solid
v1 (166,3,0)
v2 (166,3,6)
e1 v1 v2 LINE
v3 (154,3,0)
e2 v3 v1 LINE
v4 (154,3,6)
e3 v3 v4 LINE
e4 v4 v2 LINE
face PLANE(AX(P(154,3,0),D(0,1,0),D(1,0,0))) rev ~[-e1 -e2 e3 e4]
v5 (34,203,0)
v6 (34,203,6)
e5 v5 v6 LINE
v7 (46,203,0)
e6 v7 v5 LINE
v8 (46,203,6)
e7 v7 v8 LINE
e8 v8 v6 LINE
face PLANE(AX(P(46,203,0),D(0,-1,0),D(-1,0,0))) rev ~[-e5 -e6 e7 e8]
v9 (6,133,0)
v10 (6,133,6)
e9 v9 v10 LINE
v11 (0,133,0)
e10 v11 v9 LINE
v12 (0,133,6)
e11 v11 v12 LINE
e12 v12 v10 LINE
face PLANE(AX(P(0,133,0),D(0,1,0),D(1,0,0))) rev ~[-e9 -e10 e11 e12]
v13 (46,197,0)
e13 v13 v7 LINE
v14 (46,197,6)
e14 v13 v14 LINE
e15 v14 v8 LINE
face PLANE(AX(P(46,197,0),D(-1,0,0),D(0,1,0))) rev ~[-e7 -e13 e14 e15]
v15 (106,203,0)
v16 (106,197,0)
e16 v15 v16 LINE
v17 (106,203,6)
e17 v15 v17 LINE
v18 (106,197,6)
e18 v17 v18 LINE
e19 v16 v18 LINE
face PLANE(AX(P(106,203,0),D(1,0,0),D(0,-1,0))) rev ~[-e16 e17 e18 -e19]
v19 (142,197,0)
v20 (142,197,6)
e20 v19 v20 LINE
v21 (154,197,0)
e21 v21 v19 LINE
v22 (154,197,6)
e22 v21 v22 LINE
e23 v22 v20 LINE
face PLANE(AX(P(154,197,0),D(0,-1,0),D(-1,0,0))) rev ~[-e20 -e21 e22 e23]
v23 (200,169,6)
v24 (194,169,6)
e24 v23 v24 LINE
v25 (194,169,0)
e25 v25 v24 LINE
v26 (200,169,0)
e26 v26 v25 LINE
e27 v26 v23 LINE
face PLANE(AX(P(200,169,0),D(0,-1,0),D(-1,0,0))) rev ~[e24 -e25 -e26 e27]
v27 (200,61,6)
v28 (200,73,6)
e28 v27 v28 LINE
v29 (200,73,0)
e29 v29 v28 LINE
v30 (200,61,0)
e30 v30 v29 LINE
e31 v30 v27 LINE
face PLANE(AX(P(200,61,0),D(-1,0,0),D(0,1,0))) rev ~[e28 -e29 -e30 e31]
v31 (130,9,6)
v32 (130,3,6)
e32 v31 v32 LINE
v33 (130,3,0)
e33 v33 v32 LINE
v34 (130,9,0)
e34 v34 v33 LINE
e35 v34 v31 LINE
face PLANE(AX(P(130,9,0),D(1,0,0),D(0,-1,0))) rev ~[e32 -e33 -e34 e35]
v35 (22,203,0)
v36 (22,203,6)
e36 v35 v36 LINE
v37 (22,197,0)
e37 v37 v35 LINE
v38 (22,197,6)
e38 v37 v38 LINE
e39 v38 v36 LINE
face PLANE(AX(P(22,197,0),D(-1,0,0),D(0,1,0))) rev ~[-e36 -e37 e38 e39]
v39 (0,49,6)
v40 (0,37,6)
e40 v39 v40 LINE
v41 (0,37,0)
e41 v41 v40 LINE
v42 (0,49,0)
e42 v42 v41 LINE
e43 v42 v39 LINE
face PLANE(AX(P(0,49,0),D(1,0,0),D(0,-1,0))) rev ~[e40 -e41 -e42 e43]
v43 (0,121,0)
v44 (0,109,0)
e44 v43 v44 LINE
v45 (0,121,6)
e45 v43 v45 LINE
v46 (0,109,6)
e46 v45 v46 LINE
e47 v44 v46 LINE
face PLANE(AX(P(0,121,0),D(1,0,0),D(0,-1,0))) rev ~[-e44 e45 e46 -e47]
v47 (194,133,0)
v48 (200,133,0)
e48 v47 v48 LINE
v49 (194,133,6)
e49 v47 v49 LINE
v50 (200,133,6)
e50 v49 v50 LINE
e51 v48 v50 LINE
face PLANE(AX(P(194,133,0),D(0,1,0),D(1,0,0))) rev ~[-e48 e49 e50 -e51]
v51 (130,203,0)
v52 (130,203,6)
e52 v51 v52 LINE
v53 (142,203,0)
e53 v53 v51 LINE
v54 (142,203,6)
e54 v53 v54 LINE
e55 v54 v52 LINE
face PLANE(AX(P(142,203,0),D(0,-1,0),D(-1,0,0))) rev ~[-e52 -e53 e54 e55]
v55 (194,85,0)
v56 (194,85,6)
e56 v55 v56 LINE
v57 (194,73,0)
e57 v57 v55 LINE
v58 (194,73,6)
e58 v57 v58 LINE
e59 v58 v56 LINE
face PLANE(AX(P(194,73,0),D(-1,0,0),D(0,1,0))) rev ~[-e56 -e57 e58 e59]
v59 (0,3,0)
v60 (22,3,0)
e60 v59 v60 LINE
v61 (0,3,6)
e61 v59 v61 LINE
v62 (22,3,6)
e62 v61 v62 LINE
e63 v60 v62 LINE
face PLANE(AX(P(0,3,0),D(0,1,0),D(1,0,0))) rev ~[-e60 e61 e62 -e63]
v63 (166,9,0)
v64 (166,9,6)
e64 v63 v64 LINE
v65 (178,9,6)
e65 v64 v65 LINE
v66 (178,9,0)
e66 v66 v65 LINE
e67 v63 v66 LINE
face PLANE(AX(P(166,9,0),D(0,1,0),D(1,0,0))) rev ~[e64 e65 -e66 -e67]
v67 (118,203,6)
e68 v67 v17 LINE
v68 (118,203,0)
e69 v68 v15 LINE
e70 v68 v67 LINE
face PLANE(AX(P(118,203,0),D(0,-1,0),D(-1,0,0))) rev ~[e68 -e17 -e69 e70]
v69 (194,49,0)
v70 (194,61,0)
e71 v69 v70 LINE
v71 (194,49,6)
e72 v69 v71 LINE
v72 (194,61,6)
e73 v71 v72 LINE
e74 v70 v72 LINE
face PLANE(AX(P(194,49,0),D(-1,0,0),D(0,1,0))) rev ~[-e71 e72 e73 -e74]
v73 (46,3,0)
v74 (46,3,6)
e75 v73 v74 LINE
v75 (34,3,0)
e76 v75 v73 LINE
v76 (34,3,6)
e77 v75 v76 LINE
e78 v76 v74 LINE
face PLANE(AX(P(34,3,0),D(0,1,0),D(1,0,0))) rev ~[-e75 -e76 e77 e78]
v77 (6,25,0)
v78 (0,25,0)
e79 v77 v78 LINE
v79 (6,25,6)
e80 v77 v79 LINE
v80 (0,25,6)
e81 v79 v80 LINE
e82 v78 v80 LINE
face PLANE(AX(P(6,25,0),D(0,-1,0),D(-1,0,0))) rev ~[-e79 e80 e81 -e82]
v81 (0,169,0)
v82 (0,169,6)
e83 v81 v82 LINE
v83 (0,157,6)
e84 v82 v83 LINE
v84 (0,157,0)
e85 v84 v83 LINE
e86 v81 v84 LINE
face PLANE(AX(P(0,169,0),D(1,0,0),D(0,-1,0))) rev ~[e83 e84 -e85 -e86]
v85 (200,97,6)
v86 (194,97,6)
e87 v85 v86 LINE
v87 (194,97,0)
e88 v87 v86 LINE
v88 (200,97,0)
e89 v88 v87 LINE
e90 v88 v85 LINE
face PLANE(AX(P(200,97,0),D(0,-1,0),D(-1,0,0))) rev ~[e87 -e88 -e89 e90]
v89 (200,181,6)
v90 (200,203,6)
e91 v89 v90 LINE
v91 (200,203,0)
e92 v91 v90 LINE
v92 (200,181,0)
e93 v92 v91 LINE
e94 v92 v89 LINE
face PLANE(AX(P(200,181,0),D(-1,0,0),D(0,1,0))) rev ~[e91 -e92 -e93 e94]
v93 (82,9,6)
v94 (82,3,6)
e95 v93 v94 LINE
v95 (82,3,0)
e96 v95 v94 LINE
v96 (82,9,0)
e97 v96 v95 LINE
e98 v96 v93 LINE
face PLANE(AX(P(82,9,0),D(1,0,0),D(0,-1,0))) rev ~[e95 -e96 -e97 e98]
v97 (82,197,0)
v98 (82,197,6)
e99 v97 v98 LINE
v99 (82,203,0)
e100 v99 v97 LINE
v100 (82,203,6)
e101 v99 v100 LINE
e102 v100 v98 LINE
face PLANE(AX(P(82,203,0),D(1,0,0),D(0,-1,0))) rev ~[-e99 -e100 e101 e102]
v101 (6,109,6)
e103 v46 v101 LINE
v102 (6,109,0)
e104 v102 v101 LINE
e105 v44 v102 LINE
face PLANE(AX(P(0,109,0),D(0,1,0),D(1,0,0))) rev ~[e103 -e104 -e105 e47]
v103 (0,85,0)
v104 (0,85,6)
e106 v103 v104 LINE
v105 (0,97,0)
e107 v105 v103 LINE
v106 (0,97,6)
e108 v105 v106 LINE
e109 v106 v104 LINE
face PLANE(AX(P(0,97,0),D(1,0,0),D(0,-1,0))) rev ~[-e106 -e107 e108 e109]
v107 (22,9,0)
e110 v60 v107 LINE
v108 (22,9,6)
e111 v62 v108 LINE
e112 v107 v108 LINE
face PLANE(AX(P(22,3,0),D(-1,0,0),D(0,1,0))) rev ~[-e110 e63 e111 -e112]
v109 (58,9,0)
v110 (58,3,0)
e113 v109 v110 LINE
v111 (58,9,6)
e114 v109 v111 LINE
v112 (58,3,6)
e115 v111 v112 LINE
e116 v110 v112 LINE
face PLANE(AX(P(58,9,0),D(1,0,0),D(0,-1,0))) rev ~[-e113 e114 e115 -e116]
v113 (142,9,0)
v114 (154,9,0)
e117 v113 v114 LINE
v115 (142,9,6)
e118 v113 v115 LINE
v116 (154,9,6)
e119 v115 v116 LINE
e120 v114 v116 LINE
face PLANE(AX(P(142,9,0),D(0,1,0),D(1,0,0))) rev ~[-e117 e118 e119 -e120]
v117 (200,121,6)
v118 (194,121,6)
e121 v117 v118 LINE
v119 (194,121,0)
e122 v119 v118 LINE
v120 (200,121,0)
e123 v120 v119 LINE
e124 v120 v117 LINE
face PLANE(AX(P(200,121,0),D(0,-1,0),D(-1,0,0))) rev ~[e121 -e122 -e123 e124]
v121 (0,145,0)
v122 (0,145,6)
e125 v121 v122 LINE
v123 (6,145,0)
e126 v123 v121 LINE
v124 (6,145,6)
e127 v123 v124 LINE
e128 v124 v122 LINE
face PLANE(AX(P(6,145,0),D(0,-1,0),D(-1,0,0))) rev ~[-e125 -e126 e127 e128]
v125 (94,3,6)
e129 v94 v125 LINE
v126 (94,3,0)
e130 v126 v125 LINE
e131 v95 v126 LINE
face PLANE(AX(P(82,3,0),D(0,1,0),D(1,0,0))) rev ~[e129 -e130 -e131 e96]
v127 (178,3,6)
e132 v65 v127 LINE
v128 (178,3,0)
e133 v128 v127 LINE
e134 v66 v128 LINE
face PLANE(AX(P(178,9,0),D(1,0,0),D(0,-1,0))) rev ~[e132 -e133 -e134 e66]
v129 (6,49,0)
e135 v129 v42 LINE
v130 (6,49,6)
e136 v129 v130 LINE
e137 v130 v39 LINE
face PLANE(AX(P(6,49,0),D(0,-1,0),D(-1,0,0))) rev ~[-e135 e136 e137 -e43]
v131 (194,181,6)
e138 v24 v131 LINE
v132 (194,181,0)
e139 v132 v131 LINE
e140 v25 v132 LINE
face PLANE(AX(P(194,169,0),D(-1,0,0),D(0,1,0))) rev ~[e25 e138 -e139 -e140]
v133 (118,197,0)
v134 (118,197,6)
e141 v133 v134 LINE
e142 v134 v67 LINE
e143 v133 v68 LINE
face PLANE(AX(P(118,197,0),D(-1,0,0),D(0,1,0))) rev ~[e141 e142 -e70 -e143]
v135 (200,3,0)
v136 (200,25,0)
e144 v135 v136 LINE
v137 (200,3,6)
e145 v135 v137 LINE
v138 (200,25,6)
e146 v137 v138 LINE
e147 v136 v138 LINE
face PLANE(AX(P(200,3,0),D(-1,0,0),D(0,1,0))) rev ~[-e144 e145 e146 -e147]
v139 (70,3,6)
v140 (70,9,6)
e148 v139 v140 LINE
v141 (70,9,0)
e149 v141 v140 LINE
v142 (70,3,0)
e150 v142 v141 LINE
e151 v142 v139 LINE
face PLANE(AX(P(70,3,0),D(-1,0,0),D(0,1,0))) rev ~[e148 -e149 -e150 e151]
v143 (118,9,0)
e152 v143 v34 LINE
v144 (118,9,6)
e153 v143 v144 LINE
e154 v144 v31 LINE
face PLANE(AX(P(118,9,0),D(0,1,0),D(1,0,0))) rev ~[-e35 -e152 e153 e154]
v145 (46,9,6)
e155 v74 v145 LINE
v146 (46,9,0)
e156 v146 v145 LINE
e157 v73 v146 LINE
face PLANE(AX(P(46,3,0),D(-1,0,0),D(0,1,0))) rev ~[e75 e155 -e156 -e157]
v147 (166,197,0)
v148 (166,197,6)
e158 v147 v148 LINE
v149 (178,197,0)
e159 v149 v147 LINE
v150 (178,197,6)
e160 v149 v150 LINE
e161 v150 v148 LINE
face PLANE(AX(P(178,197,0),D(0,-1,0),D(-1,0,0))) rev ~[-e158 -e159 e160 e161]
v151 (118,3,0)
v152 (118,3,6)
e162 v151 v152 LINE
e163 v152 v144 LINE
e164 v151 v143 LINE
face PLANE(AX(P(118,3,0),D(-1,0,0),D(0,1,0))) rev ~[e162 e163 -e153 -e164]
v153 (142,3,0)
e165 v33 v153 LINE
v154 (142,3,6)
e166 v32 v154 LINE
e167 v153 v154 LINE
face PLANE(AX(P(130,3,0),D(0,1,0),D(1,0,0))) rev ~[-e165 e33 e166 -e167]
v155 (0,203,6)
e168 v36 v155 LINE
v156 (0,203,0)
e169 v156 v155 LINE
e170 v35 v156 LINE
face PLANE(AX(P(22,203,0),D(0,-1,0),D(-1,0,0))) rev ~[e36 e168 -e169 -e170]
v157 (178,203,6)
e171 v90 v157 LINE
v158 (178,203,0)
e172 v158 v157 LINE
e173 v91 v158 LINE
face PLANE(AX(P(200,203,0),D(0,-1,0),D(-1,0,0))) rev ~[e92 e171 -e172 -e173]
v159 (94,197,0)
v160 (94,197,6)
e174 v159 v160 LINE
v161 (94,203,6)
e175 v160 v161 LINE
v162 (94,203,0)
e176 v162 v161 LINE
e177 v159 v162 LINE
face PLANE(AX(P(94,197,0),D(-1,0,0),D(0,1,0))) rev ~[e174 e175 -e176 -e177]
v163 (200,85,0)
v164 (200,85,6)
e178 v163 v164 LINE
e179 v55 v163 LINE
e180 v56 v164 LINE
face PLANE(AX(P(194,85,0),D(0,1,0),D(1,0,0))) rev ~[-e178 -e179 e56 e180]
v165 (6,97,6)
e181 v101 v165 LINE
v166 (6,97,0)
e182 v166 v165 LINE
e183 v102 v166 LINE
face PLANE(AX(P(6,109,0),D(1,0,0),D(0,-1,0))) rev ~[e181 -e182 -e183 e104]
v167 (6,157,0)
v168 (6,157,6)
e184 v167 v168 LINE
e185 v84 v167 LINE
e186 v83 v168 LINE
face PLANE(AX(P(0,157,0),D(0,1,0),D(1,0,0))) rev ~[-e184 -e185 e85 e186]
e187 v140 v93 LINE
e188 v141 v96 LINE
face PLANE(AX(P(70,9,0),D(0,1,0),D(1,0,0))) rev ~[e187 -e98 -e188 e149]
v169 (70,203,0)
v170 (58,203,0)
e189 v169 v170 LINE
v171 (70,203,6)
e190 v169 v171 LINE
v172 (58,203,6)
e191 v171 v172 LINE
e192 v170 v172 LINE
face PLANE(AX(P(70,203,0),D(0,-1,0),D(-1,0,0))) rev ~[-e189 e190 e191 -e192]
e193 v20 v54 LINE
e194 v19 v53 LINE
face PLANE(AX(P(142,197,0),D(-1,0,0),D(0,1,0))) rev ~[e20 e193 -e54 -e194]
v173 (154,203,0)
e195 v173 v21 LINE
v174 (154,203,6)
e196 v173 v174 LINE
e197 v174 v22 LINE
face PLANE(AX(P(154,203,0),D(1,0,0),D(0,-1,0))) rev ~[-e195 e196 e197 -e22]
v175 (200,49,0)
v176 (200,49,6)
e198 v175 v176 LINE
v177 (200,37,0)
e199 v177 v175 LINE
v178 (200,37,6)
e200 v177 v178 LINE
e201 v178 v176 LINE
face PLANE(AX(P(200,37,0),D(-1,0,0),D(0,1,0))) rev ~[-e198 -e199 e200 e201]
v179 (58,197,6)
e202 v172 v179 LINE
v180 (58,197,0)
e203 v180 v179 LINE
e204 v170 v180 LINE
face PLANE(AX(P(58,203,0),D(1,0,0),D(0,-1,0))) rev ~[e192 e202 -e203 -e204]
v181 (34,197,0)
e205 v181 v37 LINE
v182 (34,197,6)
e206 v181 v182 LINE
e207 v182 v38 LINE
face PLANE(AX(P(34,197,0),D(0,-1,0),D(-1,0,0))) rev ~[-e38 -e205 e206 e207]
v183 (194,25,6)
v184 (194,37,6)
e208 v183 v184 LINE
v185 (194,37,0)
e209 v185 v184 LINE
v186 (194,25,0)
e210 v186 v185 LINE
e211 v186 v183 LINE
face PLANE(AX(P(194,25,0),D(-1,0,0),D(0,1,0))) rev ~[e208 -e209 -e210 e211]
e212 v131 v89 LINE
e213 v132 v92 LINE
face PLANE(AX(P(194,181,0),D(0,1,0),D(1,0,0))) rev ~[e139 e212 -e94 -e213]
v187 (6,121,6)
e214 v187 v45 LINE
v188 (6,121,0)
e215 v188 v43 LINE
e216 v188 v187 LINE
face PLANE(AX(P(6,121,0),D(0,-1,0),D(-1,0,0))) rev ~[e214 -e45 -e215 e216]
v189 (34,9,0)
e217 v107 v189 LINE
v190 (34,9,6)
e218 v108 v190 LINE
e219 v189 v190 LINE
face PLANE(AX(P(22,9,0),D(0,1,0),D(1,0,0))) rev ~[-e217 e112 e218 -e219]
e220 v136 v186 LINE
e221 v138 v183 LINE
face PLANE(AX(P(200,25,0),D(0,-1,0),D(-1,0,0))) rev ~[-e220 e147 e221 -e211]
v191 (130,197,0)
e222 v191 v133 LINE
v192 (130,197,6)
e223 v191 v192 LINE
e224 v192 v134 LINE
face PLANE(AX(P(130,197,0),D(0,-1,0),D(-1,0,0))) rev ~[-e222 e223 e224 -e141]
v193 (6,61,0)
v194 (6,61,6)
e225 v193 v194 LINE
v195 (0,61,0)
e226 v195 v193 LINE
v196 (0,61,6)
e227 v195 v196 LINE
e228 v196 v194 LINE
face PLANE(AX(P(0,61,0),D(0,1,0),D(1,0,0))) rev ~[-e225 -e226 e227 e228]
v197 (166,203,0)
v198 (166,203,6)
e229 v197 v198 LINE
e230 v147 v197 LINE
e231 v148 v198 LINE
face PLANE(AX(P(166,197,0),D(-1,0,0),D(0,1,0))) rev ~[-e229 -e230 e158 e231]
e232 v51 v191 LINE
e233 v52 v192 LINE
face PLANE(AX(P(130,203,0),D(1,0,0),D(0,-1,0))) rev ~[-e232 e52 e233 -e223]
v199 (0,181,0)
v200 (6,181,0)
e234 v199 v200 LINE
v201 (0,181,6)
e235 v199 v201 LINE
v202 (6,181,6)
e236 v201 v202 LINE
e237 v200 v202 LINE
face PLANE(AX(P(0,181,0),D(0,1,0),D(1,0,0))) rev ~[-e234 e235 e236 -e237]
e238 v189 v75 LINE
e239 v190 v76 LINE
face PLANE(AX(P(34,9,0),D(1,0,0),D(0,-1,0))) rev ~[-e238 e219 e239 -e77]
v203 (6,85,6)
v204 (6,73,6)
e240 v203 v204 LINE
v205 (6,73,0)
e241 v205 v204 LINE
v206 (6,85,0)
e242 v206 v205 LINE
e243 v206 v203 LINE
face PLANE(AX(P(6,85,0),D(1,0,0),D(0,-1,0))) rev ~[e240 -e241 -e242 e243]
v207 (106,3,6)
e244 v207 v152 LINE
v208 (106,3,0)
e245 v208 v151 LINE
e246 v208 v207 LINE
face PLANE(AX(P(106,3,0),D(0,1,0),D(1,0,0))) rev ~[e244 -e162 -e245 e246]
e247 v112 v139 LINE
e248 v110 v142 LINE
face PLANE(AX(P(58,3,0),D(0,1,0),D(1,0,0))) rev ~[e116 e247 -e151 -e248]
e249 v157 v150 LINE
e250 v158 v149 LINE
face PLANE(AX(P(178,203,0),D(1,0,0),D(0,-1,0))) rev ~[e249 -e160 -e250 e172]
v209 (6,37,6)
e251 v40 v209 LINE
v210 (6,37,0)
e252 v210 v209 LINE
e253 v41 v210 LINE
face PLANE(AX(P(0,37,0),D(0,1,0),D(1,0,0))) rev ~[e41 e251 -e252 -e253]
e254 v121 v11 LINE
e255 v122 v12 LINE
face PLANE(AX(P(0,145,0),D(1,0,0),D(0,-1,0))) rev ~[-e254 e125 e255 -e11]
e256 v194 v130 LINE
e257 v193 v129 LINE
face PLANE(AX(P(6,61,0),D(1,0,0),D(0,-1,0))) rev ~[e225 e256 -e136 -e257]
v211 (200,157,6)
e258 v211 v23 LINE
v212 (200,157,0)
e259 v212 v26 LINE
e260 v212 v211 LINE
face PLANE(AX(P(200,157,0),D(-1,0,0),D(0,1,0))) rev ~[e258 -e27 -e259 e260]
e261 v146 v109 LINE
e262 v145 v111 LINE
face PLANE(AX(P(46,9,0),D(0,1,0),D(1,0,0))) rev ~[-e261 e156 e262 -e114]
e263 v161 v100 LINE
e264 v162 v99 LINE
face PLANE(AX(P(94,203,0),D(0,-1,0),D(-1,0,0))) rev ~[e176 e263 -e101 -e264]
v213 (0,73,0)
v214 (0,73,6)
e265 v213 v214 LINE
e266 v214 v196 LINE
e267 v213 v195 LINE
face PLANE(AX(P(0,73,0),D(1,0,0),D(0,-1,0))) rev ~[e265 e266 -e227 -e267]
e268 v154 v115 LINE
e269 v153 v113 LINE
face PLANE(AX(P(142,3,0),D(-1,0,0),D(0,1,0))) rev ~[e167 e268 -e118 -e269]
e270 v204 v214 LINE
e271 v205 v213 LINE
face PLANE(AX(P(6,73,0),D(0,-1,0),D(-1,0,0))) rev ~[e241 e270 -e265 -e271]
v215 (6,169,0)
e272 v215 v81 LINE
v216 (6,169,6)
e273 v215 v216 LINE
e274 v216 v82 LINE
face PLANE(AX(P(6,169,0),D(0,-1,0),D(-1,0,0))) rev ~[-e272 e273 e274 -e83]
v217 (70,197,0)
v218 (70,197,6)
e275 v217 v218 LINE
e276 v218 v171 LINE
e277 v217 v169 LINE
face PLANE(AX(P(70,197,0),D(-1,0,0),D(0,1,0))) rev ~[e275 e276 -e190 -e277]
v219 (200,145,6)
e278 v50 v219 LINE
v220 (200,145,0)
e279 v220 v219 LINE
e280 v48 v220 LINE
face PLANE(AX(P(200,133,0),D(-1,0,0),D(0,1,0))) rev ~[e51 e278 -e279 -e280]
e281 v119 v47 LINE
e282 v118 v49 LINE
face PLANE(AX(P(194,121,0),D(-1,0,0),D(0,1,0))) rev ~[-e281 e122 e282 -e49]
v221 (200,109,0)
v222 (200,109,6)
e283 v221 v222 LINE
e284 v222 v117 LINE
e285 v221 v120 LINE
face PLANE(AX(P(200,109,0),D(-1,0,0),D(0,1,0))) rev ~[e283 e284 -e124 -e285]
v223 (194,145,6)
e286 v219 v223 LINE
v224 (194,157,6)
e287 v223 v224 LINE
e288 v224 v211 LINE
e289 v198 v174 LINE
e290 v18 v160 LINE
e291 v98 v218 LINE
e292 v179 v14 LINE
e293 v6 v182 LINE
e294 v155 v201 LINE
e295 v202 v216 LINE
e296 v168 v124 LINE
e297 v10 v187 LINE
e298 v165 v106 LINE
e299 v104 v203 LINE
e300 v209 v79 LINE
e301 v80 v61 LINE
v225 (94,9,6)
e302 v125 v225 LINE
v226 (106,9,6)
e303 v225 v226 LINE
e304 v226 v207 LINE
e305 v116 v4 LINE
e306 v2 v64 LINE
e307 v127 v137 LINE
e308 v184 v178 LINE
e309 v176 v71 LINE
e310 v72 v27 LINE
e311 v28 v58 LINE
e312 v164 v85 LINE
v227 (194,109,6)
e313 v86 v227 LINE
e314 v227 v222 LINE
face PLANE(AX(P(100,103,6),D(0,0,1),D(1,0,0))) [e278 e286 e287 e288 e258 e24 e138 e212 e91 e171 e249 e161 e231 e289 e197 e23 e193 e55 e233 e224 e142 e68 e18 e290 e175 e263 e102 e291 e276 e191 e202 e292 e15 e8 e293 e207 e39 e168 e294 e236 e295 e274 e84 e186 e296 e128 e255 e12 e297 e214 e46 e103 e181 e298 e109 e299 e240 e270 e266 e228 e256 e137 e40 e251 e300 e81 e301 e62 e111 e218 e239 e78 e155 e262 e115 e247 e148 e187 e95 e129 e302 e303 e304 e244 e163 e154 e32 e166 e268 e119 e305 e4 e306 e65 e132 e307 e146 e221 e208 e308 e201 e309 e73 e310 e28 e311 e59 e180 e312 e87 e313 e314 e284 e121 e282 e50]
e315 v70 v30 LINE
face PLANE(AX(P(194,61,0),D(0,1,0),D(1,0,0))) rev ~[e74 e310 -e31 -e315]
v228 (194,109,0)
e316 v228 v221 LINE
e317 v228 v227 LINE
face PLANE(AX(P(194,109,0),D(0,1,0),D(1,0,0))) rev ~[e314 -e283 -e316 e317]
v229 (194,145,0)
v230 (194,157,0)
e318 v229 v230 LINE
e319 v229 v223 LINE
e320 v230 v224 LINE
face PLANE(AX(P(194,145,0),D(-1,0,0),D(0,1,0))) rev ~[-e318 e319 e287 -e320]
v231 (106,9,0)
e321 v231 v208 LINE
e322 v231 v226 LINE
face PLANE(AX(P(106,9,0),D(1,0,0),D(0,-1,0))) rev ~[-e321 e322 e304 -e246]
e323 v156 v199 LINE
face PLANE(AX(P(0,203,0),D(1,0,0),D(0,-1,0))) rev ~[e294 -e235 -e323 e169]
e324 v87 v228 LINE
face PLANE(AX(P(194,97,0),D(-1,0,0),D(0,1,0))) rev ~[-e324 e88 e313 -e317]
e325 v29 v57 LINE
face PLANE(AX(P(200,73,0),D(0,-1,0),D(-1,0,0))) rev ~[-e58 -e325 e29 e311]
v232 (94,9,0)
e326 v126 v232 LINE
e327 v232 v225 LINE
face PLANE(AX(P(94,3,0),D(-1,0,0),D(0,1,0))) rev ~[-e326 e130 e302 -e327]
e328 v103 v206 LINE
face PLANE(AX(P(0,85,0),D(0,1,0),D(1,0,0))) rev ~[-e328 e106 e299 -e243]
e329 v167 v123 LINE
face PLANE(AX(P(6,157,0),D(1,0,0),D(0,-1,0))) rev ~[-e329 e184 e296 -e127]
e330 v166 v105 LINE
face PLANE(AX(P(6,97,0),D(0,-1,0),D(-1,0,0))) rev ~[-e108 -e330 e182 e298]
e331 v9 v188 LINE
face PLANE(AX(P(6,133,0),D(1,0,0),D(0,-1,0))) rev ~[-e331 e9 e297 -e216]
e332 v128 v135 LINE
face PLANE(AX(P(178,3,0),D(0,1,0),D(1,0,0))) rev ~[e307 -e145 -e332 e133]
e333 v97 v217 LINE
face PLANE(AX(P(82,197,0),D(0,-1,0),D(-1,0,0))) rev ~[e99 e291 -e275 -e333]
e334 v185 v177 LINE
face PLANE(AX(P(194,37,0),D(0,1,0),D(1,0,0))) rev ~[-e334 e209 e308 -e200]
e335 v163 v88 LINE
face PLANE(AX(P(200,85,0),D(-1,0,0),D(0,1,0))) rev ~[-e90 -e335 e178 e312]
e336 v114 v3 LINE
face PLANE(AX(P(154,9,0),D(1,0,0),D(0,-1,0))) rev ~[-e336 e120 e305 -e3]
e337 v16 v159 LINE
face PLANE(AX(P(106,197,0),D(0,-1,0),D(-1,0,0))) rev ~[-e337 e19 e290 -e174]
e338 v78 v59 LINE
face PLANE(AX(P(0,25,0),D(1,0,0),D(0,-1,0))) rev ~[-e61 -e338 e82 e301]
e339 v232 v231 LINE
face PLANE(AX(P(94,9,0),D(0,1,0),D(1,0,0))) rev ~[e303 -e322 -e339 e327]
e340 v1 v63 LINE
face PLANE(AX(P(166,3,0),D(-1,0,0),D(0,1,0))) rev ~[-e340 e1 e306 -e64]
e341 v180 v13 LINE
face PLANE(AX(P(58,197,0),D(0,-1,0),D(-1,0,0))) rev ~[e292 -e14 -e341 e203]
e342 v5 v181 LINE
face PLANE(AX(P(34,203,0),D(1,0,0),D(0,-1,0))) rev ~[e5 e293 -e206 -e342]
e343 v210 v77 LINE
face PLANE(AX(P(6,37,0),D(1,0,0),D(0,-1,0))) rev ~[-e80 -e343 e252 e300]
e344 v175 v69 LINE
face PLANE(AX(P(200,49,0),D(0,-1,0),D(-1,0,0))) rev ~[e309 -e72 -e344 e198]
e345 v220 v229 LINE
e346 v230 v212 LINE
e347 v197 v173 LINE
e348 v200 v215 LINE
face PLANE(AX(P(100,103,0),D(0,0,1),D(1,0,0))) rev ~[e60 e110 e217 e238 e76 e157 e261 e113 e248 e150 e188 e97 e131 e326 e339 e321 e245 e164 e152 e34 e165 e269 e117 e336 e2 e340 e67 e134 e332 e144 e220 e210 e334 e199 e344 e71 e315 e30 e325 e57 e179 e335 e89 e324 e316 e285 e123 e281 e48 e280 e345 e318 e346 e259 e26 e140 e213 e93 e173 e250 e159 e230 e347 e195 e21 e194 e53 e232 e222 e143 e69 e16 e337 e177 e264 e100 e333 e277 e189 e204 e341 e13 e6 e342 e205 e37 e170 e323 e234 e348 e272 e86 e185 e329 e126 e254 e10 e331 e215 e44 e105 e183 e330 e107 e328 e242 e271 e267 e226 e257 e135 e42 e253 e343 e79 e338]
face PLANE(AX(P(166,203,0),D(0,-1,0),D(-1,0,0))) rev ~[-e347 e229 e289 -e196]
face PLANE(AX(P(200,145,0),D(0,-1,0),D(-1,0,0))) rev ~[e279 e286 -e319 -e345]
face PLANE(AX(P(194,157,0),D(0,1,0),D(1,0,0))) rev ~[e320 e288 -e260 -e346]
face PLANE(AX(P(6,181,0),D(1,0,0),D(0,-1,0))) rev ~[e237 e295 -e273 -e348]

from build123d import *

# Parameters (mm, degrees)
BOSS_EXTRUDE1_DEPTH = 6


with BuildPart() as part:
    # Model → Boss-Extrude1 (new body)
    with BuildSketch(Plane.XY):
        Polygon((0, 203), (0, 181), (6, 181), (6, 169), (0, 169), (0, 157), (6, 157), (6, 145), (0, 145), (0, 133), (6, 133), (6, 121), (0, 121), (0, 109), (6, 109), (6, 97), (0, 97), (0, 85), (6, 85), (6, 73), (0, 73), (0, 61), (6, 61), (6, 49), (0, 49), (0, 37), (6, 37), (6, 25), (0, 25), (0, 13), (0, 3), (22, 3), (22, 9), (34, 9), (34, 3), (46, 3), (46, 9), (58, 9), (58, 3), (70, 3), (70, 9), (82, 9), (82, 3), (94, 3), (94, 9), (106, 9), (106, 3), (118, 3), (118, 9), (130, 9), (130, 3), (142, 3), (142, 9), (154, 9), (154, 3), (166, 3), (166, 9), (178, 9), (178, 3), (190, 3), (200, 3), (200, 25), (194, 25), (194, 37), (200, 37), (200, 49), (194, 49), (194, 61), (200, 61), (200, 73), (194, 73), (194, 85), (200, 85), (200, 97), (194, 97), (194, 109), (200, 109), (200, 121), (194, 121), (194, 133), (200, 133), (200, 145), (194, 145), (194, 157), (200, 157), (200, 169), (194, 169), (194, 181), (200, 181), (200, 193), (200, 203), (178, 203), (178, 197), (166, 197), (166, 203), (154, 203), (154, 197), (142, 197), (142, 203), (130, 203), (130, 197), (118, 197), (118, 203), (106, 203), (106, 197), (94, 197), (94, 203), (82, 203), (82, 197), (70, 197), (70, 203), (58, 203), (58, 197), (46, 197), (46, 203), (34, 203), (34, 197), (22, 197), (22, 203), (10, 203), align=None)
    extrude(amount=BOSS_EXTRUDE1_DEPTH)


solid = part.part
